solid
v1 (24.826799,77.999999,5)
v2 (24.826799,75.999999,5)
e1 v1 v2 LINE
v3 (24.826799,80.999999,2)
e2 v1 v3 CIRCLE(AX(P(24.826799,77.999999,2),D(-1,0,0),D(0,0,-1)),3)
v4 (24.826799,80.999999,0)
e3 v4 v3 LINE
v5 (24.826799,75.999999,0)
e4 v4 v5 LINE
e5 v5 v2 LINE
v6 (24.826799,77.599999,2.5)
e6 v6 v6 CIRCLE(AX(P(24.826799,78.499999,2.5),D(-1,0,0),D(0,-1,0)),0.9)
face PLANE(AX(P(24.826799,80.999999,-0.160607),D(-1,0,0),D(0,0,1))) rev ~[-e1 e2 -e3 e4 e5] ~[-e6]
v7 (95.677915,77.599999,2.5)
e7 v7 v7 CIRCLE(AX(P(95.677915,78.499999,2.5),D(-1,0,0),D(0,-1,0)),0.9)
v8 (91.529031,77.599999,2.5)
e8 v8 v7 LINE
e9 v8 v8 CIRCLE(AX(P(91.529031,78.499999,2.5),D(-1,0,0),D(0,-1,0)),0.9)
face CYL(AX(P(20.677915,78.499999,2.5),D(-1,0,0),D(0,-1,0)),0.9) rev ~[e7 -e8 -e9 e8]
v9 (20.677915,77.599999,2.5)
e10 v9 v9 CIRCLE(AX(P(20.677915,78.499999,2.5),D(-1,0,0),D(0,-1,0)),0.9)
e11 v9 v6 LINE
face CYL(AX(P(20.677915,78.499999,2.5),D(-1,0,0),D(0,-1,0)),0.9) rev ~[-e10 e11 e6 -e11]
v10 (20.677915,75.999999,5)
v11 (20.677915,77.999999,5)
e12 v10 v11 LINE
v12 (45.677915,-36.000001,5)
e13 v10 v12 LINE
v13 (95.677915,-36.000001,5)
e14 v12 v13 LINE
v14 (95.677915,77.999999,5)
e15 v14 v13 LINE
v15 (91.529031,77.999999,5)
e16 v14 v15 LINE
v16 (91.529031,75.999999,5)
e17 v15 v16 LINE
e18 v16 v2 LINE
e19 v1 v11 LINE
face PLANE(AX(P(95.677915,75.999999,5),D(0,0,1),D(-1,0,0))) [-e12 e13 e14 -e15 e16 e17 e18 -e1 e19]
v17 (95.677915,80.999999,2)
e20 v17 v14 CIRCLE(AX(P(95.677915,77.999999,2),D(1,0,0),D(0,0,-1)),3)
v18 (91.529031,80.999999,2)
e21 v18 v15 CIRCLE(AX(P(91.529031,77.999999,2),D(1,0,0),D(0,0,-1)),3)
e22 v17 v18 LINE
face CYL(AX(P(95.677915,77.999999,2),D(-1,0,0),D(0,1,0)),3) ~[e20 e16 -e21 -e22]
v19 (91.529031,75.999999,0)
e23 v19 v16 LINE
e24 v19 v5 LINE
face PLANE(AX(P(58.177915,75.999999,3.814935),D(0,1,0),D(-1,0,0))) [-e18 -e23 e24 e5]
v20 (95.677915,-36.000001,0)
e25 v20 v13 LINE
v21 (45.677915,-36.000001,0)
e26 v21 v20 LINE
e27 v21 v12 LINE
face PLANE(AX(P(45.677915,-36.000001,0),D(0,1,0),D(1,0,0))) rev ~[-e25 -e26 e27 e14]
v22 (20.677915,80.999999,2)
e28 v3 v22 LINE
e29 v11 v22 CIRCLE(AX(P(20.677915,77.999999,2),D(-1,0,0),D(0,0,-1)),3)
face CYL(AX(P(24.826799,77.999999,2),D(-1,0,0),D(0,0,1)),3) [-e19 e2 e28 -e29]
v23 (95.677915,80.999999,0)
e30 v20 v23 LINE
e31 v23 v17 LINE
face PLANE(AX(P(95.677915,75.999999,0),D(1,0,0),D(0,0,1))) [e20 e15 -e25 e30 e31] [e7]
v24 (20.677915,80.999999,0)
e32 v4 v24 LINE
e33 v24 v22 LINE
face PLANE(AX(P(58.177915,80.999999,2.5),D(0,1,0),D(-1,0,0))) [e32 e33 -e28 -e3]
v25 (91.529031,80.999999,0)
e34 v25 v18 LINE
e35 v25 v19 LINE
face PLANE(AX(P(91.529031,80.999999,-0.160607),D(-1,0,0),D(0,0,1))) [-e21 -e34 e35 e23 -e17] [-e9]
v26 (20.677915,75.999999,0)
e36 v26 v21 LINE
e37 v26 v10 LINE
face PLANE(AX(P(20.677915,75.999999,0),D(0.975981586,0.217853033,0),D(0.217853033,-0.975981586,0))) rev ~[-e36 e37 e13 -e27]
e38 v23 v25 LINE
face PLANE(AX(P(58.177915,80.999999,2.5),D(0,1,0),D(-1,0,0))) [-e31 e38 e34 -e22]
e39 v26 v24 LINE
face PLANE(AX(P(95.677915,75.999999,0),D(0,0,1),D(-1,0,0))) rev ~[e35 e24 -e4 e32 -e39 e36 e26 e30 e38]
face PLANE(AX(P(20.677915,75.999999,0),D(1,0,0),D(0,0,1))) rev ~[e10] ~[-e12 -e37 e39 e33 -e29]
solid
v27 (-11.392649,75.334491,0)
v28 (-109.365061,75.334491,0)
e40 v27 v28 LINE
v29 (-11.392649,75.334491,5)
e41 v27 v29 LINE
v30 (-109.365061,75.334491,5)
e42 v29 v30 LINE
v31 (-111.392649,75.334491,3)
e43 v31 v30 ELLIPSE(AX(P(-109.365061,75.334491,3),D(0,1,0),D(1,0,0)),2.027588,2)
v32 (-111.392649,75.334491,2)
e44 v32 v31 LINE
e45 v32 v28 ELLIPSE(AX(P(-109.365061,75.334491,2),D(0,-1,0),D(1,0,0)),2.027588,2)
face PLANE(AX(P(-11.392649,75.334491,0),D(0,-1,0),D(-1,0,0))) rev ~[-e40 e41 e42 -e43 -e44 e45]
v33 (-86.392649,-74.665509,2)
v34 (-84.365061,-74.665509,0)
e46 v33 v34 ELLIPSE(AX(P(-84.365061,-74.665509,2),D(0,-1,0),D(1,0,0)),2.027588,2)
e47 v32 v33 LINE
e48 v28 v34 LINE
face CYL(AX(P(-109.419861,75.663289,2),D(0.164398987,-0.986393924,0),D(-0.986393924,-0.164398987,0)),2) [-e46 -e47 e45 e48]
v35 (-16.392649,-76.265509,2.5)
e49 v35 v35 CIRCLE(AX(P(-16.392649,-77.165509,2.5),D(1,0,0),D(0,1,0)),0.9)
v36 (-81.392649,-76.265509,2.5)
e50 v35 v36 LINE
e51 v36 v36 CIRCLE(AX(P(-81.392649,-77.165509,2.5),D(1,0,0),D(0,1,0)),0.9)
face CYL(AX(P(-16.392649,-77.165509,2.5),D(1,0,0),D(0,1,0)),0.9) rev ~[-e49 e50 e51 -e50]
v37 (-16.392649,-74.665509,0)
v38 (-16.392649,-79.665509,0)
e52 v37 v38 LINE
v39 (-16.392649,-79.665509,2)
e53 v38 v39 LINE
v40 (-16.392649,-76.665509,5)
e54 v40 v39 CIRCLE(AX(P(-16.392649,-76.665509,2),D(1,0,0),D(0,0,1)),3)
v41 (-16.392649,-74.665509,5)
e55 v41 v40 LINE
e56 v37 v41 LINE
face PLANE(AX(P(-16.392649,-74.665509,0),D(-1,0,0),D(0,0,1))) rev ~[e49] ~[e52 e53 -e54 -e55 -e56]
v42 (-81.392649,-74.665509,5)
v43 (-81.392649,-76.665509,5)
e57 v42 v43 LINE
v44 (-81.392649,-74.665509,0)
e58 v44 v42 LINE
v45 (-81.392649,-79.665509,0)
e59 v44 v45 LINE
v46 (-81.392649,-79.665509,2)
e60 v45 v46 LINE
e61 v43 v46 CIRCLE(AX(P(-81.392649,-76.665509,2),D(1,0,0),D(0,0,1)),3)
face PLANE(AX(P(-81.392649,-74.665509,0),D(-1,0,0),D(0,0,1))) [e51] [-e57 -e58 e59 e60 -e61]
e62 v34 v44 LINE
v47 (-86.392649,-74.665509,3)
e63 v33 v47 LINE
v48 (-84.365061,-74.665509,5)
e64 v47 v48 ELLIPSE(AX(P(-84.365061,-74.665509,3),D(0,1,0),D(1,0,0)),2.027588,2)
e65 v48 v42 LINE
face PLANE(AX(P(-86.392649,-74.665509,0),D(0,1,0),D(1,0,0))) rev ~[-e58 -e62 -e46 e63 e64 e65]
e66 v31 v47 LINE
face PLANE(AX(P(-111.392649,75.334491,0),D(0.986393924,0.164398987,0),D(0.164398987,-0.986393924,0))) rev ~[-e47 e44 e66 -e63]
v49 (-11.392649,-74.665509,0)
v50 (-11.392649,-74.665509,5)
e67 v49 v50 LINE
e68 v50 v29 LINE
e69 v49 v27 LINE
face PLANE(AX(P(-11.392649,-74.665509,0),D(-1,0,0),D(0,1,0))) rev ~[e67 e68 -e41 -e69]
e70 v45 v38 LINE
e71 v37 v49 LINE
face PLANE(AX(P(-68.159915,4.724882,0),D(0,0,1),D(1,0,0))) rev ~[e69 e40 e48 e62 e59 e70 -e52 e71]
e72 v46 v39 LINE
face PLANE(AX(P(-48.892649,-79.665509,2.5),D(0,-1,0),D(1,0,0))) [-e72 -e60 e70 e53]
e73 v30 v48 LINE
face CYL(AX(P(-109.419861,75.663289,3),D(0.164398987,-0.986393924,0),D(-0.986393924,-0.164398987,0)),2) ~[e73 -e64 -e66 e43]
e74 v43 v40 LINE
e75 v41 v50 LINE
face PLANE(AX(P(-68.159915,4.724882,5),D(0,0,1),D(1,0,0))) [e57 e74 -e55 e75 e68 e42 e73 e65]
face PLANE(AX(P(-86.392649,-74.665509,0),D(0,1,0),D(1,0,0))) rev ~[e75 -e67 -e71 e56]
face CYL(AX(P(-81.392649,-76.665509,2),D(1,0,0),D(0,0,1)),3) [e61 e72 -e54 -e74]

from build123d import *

# Parameters (mm, degrees)
F0_W      = 25
F0_H      = 112
F1_DEPTH  = 5
F2_W      = 25
F2_H      = 150
F3_DEPTH  = 5
F4_R      = 2
F5_W      = 75
F5_H      = 5
F6_DEPTH  = 5
F7_W      = 65
F7_H      = 5
F8_DEPTH  = 5
F9_W      = 66.702231
F9_H      = 7.951083
F10_DEPTH = 5
F11_R     = 0.9
F12_DEPTH = 100
F13_R     = 0.9
F14_DEPTH = 125
F15_R     = 3
F15_2_R   = 3


with BuildPart() as f1:
    # F0 (on Top) → F1 (new body)
    with BuildSketch(Plane.XY):
        Polygon((20.677915, 75.999999), (45.677915, -36.000001), (70.677915, -36.000001), (70.677915, 75.999999), align=None)
        with Locations((83.177915, 19.999999)):
            Rectangle(F0_W, F0_H)
    extrude(amount=F1_DEPTH)

    # F5 (on face) → F6 (join)
    with BuildSketch(Plane(origin=(0, 75.999999, 0), x_dir=(-1, 0, 0), z_dir=(0, 1, 0))):
        with Locations((-58.177915, 2.5)):
            Rectangle(F5_W, F5_H)
    extrude(amount=F6_DEPTH)

    # F9 (on face) → F10 (cut)
    with BuildSketch(Plane(origin=(0, 80.999999, 0), x_dir=(-1, 0, 0), z_dir=(0, 1, 0))):
        with Locations((-58.177915, 3.814935)):
            Rectangle(F9_W, F9_H)
    extrude(amount=-F10_DEPTH, mode=Mode.SUBTRACT)

    # F13 (on face) → F14 (cut)
    with BuildSketch(Plane(origin=(20.677915, 0, 0), x_dir=(0, -1, 0), z_dir=(-1, 0, 0))):
        with Locations((-78.499999, 2.5)):
            Circle(F13_R)
    extrude(amount=-F14_DEPTH, mode=Mode.SUBTRACT)

    # F15
    f15_edges = [f1.edges().sort_by_distance(p)[0] for p in [
        (22.752357, 80.999999, 5),
        (93.603473, 80.999999, 5),
    ]]
    fillet(f15_edges, radius=F15_R)


with BuildPart() as f3:
    # F2 (on Top) → F3 (new body)
    with BuildSketch(Plane.XY):
        Polygon((-36.392649, 75.334491), (-111.392649, 75.334491), (-86.392649, -74.665509), (-36.392649, -74.665509), align=None)
        with Locations((-23.892649, 0.334491)):
            Rectangle(F2_W, F2_H)
    extrude(amount=F3_DEPTH)

    # F4
    f4_edges = [f3.edges().sort_by_distance(p)[0] for p in [
        (-98.892649, 0.334491, 5),
        (-98.892649, 0.334491, 0),
    ]]
    fillet(f4_edges, radius=F4_R)

    # F7 (on face) → F8 (join)
    with BuildSketch(Plane.XZ.offset(74.665509)):
        with Locations((-48.892649, 2.5)):
            Rectangle(F7_W, F7_H)
    extrude(amount=F8_DEPTH)

    # F11 (on face) → F12 (cut)
    with BuildSketch(Plane.YZ.offset(-16.392649)):
        with Locations((-77.165509, 2.5)):
            Circle(F11_R)
    extrude(amount=-F12_DEPTH, mode=Mode.SUBTRACT)

    # F15#2
    f15_2_edges = [f3.edges().sort_by_distance(p)[0] for p in [
        (-48.892649, -79.665509, 5),
    ]]
    fillet(f15_2_edges, radius=F15_2_R)


solid = Compound([f1.part, f3.part])
